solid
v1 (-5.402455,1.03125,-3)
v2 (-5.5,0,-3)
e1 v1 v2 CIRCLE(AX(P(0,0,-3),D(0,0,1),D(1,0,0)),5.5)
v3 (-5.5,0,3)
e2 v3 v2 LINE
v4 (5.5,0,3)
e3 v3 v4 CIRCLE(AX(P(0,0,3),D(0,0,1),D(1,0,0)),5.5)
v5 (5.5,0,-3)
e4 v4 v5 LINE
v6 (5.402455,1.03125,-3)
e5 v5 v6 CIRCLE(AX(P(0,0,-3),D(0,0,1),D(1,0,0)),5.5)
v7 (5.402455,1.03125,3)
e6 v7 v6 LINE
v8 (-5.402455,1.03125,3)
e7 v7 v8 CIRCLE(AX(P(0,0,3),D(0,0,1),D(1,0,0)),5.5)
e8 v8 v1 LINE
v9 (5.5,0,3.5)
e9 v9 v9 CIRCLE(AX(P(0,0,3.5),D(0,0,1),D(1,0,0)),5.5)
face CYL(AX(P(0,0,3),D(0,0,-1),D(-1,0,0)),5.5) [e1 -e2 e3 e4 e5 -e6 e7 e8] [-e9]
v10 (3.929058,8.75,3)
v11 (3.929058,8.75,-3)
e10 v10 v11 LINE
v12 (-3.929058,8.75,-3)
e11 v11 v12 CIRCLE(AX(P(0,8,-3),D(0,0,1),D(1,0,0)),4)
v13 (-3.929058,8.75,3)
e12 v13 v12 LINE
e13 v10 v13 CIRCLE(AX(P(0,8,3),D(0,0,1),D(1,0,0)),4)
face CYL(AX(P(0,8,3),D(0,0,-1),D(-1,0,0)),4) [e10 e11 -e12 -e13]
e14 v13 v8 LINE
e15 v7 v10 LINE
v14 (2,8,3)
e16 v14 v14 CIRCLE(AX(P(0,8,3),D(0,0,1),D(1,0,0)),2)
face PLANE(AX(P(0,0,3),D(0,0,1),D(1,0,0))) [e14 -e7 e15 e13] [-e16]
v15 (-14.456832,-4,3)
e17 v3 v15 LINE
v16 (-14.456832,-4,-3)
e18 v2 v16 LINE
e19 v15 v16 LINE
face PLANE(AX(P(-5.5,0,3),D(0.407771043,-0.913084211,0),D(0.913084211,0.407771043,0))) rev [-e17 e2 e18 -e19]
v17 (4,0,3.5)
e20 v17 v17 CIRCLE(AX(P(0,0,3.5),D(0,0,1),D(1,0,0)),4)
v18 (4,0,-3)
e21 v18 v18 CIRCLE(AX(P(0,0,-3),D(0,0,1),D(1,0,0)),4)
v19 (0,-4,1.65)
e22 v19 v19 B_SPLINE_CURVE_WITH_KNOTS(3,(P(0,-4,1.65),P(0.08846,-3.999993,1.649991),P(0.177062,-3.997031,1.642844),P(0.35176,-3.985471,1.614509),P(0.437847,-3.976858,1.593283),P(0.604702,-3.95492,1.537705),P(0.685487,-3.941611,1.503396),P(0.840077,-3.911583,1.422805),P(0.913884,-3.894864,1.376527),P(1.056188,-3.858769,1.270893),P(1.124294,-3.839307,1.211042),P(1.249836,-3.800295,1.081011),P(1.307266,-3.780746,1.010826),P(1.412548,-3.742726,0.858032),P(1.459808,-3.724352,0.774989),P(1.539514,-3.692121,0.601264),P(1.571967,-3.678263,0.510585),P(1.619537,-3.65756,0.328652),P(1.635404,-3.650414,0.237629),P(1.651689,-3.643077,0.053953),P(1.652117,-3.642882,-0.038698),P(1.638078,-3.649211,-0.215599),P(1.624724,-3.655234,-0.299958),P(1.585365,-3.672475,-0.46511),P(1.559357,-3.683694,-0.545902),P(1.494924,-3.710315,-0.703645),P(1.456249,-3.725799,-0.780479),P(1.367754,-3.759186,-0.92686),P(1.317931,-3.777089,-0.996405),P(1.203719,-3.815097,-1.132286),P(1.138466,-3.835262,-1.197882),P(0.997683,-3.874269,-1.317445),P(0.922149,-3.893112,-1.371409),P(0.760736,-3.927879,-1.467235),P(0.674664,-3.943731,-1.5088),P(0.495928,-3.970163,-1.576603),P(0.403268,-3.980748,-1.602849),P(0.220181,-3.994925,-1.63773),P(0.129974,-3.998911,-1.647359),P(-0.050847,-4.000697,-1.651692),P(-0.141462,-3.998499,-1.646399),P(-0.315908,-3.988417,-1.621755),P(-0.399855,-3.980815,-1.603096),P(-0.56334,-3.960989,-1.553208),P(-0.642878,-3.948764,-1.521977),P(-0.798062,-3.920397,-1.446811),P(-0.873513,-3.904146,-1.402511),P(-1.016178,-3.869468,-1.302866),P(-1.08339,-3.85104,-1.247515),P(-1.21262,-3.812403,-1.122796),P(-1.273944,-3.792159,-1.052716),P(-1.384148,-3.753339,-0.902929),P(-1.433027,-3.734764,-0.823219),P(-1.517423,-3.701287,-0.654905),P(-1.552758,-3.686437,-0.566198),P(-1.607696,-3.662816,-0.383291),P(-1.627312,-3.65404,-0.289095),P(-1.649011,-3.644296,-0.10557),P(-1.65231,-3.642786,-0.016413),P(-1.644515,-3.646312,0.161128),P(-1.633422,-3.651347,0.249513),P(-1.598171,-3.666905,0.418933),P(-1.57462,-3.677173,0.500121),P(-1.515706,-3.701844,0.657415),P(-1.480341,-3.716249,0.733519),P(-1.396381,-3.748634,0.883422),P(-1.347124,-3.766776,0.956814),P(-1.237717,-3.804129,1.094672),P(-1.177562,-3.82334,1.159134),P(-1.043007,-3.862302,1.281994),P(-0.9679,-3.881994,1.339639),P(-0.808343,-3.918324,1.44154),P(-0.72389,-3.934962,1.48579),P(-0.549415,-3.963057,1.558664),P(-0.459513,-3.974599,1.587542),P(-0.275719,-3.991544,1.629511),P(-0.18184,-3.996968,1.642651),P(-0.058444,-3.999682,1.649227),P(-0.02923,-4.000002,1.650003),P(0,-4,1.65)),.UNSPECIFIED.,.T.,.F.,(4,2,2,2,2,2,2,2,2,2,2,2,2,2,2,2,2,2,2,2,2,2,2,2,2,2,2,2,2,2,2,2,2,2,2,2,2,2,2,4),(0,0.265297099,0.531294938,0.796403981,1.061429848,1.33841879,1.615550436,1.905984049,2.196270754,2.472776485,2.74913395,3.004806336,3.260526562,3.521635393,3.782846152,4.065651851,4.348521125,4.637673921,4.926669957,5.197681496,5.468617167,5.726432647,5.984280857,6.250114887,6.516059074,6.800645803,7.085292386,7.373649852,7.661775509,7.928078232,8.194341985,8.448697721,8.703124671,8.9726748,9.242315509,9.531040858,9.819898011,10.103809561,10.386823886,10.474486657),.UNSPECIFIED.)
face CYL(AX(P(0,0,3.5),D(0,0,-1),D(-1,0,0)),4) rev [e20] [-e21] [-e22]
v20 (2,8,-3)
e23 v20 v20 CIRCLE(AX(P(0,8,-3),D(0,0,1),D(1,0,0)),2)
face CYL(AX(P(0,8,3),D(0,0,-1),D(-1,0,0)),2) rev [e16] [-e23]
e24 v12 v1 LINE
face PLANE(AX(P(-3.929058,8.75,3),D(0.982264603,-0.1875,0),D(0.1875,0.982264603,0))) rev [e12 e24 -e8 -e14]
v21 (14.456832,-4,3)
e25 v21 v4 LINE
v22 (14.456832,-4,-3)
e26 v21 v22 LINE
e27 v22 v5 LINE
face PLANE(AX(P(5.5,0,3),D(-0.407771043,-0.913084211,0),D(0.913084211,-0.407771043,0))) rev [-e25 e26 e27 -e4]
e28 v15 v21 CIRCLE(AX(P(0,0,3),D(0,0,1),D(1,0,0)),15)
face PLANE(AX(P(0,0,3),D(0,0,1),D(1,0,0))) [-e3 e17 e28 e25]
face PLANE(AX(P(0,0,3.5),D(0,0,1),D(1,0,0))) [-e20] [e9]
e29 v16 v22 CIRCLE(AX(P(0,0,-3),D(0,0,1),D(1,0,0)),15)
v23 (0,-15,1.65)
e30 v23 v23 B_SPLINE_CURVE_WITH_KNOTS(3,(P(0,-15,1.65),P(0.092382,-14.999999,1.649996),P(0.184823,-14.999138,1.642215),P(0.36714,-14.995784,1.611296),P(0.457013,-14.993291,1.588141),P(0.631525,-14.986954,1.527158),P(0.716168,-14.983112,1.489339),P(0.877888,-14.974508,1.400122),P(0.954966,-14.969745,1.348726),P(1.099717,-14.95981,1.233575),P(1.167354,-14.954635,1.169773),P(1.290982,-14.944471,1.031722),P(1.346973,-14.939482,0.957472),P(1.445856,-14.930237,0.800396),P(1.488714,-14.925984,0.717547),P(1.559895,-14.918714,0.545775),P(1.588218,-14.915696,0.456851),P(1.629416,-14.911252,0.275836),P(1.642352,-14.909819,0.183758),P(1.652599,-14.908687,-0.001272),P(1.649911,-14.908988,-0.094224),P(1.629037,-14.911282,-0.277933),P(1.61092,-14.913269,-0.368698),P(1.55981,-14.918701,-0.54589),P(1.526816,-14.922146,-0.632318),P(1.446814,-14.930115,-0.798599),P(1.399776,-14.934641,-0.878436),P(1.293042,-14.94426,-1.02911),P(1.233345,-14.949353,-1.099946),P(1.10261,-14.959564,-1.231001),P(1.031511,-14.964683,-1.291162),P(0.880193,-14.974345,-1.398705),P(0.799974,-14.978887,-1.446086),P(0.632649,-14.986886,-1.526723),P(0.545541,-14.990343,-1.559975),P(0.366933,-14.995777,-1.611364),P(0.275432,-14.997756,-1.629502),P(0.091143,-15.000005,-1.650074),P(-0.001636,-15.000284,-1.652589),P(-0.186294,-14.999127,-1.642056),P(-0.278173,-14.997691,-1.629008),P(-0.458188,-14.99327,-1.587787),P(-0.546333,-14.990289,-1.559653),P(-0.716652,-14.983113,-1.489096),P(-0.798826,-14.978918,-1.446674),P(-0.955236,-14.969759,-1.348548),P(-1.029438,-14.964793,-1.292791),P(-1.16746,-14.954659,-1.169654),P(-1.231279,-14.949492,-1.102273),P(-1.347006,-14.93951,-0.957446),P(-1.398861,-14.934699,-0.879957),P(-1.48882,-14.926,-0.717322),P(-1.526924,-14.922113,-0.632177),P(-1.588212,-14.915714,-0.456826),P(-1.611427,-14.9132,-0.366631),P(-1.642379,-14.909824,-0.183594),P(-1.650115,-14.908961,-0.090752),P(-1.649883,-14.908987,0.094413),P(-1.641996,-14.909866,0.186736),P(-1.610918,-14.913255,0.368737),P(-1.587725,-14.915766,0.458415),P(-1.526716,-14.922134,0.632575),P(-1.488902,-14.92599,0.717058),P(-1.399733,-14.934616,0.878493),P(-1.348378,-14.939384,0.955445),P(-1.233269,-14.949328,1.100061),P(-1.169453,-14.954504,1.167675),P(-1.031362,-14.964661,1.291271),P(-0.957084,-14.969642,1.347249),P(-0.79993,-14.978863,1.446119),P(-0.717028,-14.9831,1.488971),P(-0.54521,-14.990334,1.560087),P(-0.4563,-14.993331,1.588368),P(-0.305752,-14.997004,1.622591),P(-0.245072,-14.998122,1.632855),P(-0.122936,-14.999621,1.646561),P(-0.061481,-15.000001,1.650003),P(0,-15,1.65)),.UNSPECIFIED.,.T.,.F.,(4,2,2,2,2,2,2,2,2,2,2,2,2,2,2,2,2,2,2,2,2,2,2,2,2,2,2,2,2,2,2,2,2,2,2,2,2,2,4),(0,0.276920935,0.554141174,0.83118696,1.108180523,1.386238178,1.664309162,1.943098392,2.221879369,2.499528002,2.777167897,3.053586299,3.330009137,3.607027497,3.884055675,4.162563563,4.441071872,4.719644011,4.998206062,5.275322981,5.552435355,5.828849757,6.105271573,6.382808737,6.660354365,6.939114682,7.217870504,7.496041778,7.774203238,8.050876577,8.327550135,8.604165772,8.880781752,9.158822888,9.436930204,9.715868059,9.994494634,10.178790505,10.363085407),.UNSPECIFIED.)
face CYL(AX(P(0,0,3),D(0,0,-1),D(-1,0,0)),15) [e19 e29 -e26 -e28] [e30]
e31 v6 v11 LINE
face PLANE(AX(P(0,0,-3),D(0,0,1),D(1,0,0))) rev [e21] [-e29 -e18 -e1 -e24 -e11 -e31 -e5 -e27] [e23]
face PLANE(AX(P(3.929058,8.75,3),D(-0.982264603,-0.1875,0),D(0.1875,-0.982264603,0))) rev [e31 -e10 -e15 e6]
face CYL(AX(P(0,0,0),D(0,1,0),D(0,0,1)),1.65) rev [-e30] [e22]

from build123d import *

# Parameters (mm, degrees)
SKETCH1_R           = 2
BOSS_EXTRUDE1_DEPTH = 3
SKETCH2_R           = 5.5
SKETCH2_R_2         = 4
BOSS_EXTRUDE2_DEPTH = 0.5
SKETCH4_R           = 4
CUT_EXTRUDE2_DEPTH  = 7


with BuildPart() as part:
    # Sketch1 → Boss-Extrude1 (new body, symmetric)
    with BuildSketch(Plane.XY):
        with BuildLine():
            Line((-5.5, 0), (-14.456832295, -4))
            ThreePointArc((-14.456832295, -4), (0, -15), (14.456832295, -4))
            Line((14.456832295, -4), (5.5, 0))
            ThreePointArc((5.5, 0), (5.475559526, 0.517926522), (5.402455316, 1.03125))
            Line((5.402455316, 1.03125), (3.929058411, 8.75))
            ThreePointArc((3.929058411, 8.75), (0, 12), (-3.929058411, 8.75))
            Line((-3.929058411, 8.75), (-5.402455316, 1.03125))
            ThreePointArc((-5.402455316, 1.03125), (-5.475559526, 0.517926522), (-5.5, 0))
        make_face()
        with Locations((0, 8)):
            Circle(SKETCH1_R, mode=Mode.SUBTRACT)
    extrude(amount=BOSS_EXTRUDE1_DEPTH, both=True)

    # Sketch2 → Boss-Extrude2 (add)
    with BuildSketch(Plane.XY.offset(3)):
        Circle(SKETCH2_R)
        Circle(SKETCH2_R_2, mode=Mode.SUBTRACT)
    extrude(amount=BOSS_EXTRUDE2_DEPTH)

    # Sketch4 → Cut-Extrude2 (cut, through all)
    with BuildSketch(Plane.XY.offset(3)):
        Circle(SKETCH4_R)
    extrude(amount=-CUT_EXTRUDE2_DEPTH, mode=Mode.SUBTRACT)

    # Sketch8 → M4 Tapped Hole1 (revolve, cut)
    with BuildSketch(Plane(origin=(0, 0, 0), x_dir=(0, 0, 1), z_dir=(1, 0, 0))):
        Polygon((0, 0), (0, 22.491420021), (1.65, 21.5), (1.65, 0), align=None)
    revolve(axis=Axis((0, 6.35, 0), (0, -1, 0)), mode=Mode.SUBTRACT)


solid = part.part
